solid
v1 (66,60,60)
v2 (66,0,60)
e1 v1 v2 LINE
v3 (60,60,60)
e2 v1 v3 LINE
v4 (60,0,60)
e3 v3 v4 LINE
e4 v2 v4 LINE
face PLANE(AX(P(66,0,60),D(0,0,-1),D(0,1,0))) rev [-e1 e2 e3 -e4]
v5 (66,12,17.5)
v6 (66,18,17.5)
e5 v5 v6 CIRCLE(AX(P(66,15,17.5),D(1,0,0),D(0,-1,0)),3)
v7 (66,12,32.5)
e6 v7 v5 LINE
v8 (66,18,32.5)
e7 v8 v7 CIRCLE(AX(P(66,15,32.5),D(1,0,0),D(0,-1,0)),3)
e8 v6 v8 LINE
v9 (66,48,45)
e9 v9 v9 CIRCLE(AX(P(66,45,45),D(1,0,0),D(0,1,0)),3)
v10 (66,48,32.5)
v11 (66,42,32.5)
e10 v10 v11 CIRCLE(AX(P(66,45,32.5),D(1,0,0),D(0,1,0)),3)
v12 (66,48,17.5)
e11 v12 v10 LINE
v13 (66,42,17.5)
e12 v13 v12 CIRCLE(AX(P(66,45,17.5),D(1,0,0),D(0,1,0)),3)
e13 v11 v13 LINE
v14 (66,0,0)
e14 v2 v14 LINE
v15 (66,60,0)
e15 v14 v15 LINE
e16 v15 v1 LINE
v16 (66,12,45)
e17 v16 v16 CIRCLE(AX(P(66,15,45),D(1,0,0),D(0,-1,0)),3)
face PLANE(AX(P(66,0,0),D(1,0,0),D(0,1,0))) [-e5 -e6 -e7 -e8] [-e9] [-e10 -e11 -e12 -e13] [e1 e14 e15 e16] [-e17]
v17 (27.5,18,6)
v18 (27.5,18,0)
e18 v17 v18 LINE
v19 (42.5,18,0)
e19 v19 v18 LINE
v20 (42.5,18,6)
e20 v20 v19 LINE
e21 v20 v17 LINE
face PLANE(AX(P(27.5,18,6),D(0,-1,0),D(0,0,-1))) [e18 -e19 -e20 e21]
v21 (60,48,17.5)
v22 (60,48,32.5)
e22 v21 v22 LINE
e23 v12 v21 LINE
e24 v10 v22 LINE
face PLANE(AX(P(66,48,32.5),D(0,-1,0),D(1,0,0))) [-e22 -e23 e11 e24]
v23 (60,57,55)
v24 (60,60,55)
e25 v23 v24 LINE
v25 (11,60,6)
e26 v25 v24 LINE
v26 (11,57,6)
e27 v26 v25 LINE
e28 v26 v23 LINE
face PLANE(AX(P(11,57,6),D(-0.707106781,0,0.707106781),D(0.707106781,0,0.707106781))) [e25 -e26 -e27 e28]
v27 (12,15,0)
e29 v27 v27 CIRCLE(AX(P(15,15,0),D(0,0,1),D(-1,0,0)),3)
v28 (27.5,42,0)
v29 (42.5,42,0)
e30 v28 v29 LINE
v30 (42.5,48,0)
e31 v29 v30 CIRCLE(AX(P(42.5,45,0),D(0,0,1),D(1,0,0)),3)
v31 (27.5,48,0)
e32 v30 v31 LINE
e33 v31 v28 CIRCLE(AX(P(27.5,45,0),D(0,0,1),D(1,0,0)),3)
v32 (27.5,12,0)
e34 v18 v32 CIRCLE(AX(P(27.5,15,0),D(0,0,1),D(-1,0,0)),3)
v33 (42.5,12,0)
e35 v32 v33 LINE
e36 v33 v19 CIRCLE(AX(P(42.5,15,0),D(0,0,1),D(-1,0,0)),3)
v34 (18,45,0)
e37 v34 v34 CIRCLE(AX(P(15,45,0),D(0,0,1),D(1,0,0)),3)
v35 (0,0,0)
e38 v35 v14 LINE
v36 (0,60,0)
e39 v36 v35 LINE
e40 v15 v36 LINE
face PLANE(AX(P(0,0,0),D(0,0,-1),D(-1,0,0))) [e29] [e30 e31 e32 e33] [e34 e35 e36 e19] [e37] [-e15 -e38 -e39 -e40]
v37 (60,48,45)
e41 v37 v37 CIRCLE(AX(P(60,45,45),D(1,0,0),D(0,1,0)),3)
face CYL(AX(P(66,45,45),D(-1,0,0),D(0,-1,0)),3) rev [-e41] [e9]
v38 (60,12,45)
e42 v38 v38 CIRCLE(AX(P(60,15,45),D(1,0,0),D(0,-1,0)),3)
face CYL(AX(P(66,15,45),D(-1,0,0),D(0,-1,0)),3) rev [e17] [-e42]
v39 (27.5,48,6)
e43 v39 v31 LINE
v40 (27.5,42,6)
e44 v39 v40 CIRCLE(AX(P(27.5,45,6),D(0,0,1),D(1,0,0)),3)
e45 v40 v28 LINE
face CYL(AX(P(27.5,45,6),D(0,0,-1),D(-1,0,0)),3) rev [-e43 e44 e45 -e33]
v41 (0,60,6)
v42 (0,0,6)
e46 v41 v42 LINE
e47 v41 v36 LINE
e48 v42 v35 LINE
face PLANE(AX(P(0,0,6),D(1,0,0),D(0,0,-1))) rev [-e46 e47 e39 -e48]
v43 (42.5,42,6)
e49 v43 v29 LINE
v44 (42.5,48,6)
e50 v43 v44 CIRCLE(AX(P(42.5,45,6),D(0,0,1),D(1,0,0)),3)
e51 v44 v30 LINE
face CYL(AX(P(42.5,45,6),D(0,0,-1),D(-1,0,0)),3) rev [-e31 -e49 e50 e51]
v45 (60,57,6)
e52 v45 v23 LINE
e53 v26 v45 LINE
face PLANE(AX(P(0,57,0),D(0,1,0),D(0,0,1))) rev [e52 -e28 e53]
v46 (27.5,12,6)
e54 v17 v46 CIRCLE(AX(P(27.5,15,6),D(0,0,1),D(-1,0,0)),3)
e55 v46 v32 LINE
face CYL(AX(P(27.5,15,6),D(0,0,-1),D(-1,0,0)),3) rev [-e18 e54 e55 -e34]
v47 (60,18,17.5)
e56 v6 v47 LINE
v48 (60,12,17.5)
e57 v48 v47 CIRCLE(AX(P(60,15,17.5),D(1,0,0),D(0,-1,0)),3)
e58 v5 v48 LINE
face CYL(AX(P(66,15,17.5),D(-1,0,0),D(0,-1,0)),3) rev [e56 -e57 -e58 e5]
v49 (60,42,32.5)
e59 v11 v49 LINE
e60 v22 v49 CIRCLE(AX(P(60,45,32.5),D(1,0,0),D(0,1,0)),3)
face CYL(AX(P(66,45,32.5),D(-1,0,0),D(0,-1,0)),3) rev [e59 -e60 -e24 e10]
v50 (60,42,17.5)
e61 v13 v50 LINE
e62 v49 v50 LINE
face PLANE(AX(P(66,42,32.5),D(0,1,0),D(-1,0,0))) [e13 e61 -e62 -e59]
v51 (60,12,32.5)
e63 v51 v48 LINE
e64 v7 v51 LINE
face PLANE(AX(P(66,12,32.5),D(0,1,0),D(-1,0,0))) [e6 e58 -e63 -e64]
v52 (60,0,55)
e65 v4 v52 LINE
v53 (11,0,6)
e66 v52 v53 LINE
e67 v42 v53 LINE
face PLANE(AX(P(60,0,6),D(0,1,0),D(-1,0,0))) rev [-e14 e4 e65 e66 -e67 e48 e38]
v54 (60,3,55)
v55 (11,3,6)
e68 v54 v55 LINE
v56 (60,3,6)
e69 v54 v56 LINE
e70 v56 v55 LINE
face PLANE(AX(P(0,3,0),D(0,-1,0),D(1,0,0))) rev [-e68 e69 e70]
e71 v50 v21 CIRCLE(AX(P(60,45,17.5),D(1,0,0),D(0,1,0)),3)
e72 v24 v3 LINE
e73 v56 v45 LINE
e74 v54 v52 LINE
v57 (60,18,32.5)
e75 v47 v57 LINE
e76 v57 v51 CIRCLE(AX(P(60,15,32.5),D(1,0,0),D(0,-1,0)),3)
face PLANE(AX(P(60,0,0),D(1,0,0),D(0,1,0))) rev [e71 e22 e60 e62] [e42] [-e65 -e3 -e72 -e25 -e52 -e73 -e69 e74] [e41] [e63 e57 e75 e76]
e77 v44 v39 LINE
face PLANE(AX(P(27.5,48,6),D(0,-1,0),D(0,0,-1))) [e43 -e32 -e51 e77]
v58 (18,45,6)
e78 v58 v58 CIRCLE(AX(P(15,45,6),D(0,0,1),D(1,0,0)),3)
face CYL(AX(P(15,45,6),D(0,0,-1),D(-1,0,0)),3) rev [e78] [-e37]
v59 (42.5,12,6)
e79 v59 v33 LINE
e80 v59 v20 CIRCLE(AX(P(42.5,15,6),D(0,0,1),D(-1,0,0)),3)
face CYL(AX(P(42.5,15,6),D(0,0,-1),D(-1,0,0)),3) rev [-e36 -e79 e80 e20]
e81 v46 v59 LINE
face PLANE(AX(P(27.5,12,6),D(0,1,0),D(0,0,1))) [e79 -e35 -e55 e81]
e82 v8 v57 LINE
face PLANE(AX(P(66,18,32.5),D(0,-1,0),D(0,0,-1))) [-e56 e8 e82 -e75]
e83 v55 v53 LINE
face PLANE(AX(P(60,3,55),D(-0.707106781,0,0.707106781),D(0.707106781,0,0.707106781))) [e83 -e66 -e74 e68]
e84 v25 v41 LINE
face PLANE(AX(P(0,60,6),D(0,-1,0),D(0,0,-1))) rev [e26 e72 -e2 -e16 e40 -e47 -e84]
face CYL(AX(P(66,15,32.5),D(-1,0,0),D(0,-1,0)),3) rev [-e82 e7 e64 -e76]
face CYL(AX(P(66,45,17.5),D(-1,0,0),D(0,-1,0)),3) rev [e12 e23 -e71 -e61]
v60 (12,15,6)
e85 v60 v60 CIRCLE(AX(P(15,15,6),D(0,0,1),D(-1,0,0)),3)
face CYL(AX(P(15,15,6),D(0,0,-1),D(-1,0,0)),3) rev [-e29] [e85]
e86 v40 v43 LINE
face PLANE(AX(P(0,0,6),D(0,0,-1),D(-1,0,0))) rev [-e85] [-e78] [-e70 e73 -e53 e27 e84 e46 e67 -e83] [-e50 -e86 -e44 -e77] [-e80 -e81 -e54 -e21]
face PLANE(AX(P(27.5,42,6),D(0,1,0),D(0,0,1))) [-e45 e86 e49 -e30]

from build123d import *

# Parameters (mm, degrees)
SKETCH1_W           = 60
SKETCH1_H           = 60
SKETCH1_R           = 3
BOSS_EXTRUDE1_DEPTH = 6
SKETCH2_W           = 60
SKETCH2_H           = 60
SKETCH2_R           = 3
BOSS_EXTRUDE2_DEPTH = 6
BOSS_EXTRUDE3_DEPTH = 3
BOSS_EXTRUDE4_DEPTH = 3


with BuildPart() as part:
    # Sketch1 → Boss-Extrude1 (new body)
    with BuildSketch(Plane.XY):
        with Locations((30, 30)):
            Rectangle(SKETCH1_W, SKETCH1_H)
        with Locations((15, 45)):
            Circle(SKETCH1_R, mode=Mode.SUBTRACT)
        with Locations((15, 15)):
            Circle(SKETCH1_R, mode=Mode.SUBTRACT)
        with BuildLine():
            Line((27.5, 42), (42.5, 42))
            ThreePointArc((42.5, 42), (45.5, 45), (42.5, 48))
            Line((42.5, 48), (27.5, 48))
            ThreePointArc((27.5, 48), (24.5, 45), (27.5, 42))
        make_face(mode=Mode.SUBTRACT)
        with BuildLine():
            Line((27.5, 12), (42.5, 12))
            ThreePointArc((42.5, 12), (45.5, 15), (42.5, 18))
            Line((42.5, 18), (27.5, 18))
            ThreePointArc((27.5, 18), (24.5, 15), (27.5, 12))
        make_face(mode=Mode.SUBTRACT)
    extrude(amount=BOSS_EXTRUDE1_DEPTH)

    # Sketch2 → Boss-Extrude2 (add)
    with BuildSketch(Plane(origin=(60, 0, 0), x_dir=(0, 0, -1), z_dir=(1, 0, 0))):
        with Locations((-30, 30)):
            Rectangle(SKETCH2_W, SKETCH2_H)
        with Locations((-45, 45)):
            Circle(SKETCH2_R, mode=Mode.SUBTRACT)
        with Locations((-45, 15)):
            Circle(SKETCH2_R, mode=Mode.SUBTRACT)
        with BuildLine():
            Line((-32.5, 48), (-17.5, 48))
            ThreePointArc((-17.5, 48), (-14.5, 45), (-17.5, 42))
            Line((-17.5, 42), (-32.5, 42))
            ThreePointArc((-32.5, 42), (-35.5, 45), (-32.5, 48))
        make_face(mode=Mode.SUBTRACT)
        with BuildLine():
            Line((-32.5, 18), (-17.5, 18))
            ThreePointArc((-17.5, 18), (-14.5, 15), (-17.5, 12))
            Line((-17.5, 12), (-32.5, 12))
            ThreePointArc((-32.5, 12), (-35.5, 15), (-32.5, 18))
        make_face(mode=Mode.SUBTRACT)
    extrude(amount=BOSS_EXTRUDE2_DEPTH)

    # Sketch3 → Boss-Extrude3 (add)
    with BuildSketch(Plane(origin=(0, 60, 0), x_dir=(1, 0, 0), z_dir=(0, 1, 0))):
        Polygon((66, 0), (11, 0), (11, -6), (60, -55), (66, -55), align=None)
    extrude(amount=-BOSS_EXTRUDE3_DEPTH)

    # Sketch4 → Boss-Extrude4 (add)
    with BuildSketch(Plane.XZ):
        Polygon((66, 0), (66, 55), (60, 55), (11, 6), (11, 0), align=None)
    extrude(amount=-BOSS_EXTRUDE4_DEPTH)


solid = part.part
